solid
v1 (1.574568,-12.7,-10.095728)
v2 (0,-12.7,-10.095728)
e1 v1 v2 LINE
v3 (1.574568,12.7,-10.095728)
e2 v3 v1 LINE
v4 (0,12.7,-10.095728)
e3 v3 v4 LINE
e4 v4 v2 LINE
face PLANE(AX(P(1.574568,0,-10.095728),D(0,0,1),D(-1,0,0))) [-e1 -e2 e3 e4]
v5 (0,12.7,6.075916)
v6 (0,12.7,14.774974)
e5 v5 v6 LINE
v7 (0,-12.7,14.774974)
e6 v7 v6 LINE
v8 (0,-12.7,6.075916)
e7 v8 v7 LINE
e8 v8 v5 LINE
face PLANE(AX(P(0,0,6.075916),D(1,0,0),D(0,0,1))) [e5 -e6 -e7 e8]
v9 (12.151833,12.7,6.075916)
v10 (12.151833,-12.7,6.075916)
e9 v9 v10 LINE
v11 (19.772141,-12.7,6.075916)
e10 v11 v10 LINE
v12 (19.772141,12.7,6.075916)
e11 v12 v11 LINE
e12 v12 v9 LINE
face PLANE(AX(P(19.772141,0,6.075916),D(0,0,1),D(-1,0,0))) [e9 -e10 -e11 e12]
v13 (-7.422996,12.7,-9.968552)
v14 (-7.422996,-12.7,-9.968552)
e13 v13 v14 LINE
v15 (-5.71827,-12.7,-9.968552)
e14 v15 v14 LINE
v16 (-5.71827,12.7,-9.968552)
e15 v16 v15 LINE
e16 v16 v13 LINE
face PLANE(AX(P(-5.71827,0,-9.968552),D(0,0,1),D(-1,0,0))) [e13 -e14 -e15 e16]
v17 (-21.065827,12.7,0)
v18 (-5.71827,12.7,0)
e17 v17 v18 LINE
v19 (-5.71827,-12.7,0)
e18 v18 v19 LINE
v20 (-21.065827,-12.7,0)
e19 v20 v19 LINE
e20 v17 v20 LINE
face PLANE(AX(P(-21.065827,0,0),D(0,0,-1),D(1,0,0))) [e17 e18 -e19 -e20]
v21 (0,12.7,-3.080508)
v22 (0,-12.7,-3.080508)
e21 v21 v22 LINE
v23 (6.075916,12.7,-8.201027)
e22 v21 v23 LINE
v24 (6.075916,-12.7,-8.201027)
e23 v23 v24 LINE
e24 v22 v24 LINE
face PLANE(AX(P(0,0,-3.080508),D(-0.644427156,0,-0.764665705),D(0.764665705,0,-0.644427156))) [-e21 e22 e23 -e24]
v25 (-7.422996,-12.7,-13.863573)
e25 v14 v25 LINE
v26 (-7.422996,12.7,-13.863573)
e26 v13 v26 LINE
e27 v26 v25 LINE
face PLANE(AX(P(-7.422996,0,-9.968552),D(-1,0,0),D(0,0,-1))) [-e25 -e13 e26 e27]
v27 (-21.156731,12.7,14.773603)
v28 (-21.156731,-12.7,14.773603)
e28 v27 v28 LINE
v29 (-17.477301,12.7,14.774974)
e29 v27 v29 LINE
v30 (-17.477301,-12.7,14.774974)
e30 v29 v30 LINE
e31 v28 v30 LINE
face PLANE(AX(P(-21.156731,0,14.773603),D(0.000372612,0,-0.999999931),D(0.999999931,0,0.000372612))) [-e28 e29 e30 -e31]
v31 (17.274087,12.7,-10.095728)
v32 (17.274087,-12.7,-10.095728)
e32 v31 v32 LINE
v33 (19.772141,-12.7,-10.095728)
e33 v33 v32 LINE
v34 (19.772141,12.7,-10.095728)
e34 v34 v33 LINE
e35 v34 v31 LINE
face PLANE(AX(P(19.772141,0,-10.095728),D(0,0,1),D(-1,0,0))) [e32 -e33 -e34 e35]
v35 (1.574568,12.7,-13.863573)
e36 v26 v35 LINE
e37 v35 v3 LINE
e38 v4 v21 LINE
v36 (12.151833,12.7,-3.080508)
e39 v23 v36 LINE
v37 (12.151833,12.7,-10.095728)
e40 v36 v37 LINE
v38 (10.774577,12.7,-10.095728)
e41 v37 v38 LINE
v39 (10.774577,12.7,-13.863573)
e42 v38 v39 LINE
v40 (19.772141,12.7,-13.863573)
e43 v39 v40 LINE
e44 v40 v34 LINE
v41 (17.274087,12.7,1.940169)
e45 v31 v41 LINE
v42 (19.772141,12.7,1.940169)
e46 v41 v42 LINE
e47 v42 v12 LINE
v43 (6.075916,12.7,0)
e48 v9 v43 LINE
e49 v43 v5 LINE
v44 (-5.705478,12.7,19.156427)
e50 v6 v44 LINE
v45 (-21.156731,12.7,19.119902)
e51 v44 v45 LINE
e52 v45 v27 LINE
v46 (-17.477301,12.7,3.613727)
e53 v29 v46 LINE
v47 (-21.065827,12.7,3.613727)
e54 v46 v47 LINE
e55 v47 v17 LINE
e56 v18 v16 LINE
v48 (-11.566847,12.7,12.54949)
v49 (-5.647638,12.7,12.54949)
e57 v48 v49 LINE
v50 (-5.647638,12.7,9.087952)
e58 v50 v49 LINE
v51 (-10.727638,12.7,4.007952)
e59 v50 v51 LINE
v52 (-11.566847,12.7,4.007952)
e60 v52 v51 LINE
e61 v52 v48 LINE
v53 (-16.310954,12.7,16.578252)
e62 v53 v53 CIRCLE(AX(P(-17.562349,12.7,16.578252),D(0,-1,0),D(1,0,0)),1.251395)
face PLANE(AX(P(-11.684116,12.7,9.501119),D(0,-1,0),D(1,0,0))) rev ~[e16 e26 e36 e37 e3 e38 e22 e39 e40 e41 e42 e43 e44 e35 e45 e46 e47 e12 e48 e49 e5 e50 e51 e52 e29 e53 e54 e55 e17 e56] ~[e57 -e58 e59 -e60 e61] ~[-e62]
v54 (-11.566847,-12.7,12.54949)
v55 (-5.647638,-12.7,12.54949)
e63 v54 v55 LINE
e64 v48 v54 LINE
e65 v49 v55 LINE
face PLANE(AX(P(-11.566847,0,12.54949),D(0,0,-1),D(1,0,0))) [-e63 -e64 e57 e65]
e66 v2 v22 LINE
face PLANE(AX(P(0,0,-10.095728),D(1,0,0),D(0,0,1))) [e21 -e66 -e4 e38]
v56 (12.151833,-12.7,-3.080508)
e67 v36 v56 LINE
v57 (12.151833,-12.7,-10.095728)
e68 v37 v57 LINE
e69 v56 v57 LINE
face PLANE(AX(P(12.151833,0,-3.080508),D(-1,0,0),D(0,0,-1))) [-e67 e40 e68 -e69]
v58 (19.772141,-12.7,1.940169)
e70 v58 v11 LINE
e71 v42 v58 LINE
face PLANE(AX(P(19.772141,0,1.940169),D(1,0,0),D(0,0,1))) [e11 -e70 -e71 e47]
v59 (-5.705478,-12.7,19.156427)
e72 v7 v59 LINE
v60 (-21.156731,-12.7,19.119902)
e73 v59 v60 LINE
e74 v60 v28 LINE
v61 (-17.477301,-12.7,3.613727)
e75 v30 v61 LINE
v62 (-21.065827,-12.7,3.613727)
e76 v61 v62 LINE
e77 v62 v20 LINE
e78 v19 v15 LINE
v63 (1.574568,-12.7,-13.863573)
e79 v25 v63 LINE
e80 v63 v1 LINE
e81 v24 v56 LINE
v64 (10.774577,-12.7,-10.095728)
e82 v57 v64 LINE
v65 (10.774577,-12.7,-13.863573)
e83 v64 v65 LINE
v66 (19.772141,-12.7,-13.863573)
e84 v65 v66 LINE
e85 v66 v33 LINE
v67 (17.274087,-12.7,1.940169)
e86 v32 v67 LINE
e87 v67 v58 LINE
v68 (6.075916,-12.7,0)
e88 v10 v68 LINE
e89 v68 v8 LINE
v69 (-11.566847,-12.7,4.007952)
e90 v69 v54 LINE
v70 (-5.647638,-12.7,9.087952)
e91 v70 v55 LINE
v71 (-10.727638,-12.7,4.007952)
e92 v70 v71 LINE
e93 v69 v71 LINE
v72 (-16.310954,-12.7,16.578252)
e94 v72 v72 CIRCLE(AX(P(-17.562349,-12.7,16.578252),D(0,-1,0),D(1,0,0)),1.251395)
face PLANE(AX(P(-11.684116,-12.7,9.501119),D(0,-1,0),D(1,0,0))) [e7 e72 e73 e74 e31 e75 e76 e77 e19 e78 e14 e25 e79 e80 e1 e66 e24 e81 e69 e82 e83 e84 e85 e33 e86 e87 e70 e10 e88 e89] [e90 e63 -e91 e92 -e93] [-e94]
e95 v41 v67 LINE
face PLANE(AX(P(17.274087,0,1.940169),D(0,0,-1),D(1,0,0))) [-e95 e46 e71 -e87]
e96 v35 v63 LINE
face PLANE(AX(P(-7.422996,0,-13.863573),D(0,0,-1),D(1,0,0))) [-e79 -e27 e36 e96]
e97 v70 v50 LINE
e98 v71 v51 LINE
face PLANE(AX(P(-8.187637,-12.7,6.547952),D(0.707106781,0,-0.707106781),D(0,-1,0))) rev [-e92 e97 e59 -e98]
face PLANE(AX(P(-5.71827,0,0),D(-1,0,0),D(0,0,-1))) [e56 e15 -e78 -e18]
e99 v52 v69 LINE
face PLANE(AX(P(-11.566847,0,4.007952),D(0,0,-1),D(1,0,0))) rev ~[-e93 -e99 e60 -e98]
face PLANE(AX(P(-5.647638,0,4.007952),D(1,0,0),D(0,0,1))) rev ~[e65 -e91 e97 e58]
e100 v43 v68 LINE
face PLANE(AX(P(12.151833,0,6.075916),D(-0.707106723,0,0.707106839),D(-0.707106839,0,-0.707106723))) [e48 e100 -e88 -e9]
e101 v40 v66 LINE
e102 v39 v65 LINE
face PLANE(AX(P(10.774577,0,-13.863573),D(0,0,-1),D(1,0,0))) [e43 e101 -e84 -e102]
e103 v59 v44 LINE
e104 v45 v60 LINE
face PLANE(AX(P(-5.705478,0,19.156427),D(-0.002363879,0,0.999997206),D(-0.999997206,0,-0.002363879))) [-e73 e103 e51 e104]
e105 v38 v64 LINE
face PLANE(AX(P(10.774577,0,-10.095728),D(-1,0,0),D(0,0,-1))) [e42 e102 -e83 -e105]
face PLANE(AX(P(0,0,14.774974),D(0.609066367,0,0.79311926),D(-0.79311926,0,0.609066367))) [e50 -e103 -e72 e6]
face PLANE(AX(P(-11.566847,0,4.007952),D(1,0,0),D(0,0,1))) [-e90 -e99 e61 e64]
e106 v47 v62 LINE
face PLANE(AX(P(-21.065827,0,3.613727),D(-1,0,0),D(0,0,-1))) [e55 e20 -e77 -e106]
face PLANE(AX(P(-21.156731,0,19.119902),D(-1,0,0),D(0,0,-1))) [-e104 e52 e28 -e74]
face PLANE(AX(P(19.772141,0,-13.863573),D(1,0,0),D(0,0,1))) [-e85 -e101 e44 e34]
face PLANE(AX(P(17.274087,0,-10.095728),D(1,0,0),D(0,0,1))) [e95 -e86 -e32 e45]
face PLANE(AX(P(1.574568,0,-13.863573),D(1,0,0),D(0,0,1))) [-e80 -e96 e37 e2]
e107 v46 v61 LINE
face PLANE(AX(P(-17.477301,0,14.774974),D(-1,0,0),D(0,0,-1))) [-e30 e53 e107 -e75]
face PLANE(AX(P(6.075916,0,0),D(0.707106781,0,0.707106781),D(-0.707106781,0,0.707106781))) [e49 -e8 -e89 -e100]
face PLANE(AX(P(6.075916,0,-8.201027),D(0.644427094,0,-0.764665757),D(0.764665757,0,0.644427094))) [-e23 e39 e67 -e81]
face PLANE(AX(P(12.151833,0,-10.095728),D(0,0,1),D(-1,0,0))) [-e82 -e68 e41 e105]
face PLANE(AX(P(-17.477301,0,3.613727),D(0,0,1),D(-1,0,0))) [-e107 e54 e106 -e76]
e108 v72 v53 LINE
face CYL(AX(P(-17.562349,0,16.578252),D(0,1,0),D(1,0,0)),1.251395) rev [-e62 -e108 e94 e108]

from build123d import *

# Parameters (mm, degrees)
F0_W     = 5.919209
F0_H     = 8.541538
F0_R     = 1.251395
F1_DEPTH = 12.7
F2_SIZE  = 5.08


with BuildPart() as f1:
    # F0 (on Front) → F1 (new body, symmetric)
    with BuildSketch(Plane.XZ):
        Polygon((-5.705478, 19.156427), (-21.156731, 19.119902), (-21.156731, 17.007546), (-21.156731, 14.773603), (-17.477301, 14.774974), (-17.477301, 3.613727), (-21.065827, 3.613727), (-21.065827, 0), (-5.71827, 0), (-3.851344, 0), (0, 6.075916), (0, 14.774974), align=None)
        with Locations((-8.607242, 8.278721)):
            Rectangle(F0_W, F0_H, mode=Mode.SUBTRACT)
        with Locations((-17.562349, 16.578252)):
            Circle(F0_R, mode=Mode.SUBTRACT)
        Polygon((6.075916, 0), (0, 6.075916), (-3.851344, 0), (-5.71827, 0), (-5.71827, -2.018174), (-5.71827, -9.968552), (-7.422996, -9.968552), (-7.422996, -13.863573), (1.574568, -13.863573), (1.574568, -10.095728), (0, -10.095728), (0, -3.080508), (6.075916, -8.201027), (12.151833, -3.080508), (12.151833, -10.095728), (10.774577, -10.095728), (10.774577, -13.863573), (19.772141, -13.863573), (19.772141, -10.095728), (17.274087, -10.095728), (17.274087, 1.940169), (19.772141, 1.940169), (19.772141, 6.075916), (12.151833, 6.075916), align=None)
    extrude(amount=F1_DEPTH, both=True)

    # F2
    f2_edges = [f1.edges().sort_by_distance(p)[0] for p in [
        (-5.647637, 0, 4.007952),
    ]]
    chamfer(f2_edges, length=F2_SIZE)


solid = f1.part
